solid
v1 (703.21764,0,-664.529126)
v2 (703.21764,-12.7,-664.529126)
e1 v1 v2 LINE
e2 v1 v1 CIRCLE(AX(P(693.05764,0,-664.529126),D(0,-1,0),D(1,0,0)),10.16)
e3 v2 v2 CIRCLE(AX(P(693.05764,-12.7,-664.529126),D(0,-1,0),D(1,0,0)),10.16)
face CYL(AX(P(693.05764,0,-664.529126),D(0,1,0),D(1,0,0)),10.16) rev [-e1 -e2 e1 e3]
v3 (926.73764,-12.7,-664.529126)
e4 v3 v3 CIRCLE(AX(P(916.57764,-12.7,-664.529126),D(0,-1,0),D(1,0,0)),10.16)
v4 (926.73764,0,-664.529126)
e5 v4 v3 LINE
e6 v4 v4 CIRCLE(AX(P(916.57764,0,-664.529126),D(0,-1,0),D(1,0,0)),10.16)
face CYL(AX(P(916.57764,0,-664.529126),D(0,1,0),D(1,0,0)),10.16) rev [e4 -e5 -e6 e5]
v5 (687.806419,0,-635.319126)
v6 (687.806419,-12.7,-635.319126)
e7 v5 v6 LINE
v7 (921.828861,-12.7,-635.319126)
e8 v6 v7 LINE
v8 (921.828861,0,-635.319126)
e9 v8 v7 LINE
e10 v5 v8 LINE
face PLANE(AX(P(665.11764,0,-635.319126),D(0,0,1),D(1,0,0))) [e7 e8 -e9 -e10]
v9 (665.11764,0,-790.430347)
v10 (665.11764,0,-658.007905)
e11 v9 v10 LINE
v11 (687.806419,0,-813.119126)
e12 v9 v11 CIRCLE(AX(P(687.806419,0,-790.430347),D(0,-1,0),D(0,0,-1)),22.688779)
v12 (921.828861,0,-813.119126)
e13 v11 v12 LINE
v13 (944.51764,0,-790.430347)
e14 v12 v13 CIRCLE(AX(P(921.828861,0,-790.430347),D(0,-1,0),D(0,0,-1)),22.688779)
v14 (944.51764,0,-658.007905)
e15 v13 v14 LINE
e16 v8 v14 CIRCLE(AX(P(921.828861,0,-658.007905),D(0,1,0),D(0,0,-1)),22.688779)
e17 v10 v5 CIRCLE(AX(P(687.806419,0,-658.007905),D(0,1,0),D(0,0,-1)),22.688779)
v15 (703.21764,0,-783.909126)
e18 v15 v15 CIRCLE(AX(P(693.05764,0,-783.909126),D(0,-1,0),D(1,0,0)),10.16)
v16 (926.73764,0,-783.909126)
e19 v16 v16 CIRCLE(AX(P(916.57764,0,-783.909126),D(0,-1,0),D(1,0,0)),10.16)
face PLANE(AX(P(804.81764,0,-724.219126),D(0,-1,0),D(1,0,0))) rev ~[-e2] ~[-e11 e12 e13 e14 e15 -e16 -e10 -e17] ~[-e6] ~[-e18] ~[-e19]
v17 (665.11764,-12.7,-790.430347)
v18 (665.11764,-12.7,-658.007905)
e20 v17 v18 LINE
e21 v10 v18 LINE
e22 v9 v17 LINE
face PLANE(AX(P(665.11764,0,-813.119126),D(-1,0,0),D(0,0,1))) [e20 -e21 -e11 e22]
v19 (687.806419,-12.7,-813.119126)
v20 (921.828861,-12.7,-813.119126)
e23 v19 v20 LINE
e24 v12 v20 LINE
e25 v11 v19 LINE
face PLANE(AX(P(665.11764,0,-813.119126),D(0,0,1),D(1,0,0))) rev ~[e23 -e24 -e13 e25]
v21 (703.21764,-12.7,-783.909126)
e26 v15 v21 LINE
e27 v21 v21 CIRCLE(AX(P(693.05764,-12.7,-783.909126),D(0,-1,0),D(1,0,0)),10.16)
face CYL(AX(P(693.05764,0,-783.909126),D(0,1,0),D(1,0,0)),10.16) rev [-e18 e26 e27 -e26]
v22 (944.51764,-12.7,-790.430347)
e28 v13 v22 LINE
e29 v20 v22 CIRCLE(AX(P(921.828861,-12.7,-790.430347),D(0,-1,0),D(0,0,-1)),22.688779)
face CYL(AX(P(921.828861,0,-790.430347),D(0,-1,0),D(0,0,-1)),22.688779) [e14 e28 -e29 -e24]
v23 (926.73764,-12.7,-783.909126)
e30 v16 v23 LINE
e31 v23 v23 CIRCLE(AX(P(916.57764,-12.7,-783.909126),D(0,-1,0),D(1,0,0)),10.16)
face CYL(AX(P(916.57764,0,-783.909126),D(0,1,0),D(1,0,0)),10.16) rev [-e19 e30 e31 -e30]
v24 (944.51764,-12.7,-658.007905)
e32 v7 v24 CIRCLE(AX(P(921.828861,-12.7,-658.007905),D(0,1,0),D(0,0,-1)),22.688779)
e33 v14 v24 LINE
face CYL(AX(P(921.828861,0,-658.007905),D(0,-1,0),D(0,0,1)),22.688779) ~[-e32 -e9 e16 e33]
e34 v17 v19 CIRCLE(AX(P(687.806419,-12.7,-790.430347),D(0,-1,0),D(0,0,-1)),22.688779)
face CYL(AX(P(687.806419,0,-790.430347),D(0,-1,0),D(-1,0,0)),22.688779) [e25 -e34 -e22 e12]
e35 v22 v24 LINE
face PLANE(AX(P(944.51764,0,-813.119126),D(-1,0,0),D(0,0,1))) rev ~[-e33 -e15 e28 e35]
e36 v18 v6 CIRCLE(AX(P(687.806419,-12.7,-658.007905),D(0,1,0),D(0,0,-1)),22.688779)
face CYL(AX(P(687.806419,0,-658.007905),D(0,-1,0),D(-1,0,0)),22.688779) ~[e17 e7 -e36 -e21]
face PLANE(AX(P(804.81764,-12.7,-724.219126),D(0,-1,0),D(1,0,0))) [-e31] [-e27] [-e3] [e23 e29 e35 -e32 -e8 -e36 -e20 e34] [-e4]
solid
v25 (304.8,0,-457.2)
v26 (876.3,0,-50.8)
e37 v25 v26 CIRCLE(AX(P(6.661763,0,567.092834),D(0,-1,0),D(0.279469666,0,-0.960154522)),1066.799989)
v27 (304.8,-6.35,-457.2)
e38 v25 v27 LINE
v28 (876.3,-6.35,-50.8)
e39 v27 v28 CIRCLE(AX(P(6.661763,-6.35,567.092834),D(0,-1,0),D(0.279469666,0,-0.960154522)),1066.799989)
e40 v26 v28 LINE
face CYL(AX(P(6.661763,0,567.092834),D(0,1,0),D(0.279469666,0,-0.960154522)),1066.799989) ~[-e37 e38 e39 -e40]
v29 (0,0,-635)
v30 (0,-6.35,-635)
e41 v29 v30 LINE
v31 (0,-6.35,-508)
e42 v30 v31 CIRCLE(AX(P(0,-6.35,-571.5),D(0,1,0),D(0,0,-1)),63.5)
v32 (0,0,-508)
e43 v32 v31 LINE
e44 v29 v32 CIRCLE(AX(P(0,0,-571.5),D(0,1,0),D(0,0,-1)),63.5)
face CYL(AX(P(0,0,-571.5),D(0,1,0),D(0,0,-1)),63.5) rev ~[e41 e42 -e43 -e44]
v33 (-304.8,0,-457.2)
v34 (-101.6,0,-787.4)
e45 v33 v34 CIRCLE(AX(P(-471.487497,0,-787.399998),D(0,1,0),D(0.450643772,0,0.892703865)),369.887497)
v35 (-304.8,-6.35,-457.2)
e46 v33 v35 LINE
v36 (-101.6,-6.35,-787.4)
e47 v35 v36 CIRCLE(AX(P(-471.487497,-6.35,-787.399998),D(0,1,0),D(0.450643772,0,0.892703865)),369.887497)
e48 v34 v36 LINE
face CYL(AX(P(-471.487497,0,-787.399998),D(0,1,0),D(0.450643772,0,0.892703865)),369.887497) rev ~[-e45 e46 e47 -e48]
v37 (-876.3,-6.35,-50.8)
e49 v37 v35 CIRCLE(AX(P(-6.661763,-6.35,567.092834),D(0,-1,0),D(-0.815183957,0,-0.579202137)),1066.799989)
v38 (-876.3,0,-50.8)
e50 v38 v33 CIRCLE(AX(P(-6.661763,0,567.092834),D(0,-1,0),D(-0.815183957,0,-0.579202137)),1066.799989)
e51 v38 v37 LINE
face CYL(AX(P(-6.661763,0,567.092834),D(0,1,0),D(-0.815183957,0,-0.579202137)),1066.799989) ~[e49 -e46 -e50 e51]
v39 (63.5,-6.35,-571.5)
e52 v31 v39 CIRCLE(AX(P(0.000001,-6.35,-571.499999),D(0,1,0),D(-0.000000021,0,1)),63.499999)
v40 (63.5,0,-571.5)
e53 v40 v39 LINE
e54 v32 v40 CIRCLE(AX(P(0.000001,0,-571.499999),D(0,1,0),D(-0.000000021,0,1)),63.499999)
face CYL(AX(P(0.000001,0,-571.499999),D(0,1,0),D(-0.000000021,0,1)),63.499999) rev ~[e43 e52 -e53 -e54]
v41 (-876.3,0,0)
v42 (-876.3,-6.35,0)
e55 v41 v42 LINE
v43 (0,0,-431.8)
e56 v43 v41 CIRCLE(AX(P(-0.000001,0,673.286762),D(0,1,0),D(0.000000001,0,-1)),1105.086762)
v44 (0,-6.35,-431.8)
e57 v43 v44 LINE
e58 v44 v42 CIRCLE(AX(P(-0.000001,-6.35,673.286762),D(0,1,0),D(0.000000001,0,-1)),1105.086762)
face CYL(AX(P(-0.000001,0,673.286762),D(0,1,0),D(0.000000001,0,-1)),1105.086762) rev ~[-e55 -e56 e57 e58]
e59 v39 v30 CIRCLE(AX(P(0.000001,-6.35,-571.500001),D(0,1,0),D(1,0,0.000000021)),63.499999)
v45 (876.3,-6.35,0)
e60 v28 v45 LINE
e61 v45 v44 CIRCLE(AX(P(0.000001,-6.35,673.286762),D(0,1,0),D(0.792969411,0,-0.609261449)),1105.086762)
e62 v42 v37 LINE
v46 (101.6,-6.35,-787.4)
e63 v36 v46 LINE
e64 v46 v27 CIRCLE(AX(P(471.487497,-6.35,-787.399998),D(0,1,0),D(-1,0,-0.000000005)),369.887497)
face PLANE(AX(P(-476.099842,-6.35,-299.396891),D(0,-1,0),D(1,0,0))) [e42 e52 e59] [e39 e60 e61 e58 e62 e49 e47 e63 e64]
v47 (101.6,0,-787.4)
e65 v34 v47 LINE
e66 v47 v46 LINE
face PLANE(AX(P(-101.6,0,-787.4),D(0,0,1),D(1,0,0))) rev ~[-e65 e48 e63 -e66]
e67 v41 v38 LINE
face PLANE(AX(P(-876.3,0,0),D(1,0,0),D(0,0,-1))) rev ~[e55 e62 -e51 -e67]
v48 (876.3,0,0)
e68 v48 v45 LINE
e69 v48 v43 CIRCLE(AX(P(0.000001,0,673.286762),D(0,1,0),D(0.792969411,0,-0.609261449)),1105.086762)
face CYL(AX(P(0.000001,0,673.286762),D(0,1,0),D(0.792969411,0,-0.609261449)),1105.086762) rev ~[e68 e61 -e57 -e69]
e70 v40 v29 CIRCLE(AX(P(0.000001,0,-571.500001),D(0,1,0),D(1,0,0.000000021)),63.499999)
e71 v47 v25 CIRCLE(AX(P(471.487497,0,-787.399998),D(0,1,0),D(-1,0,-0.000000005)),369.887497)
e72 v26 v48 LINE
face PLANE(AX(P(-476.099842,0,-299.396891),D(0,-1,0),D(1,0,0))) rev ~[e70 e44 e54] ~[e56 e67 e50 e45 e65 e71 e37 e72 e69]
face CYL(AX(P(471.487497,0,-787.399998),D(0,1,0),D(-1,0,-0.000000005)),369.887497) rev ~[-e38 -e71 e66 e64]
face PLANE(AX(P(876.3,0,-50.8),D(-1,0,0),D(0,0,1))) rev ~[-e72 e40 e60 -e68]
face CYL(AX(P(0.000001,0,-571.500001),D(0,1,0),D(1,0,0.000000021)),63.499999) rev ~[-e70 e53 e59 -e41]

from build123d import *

# Parameters (mm, degrees)
F0_W     = 101.6
F0_H     = 25.4
F1_DEPTH = 6.35
F2_W     = 279.4
F2_H     = 177.8
F2_R     = 10.16
F3_DEPTH = 12.7
F4_R     = 22.688779


with BuildPart() as f1:
    # F0 (on Front) → F1 (new body)
    with BuildSketch(Plane.XZ):
        with BuildLine():
            ThreePointArc((0, -431.8), (-488.454944, -317.989446), (-876.3, 0))
            Line((-876.3, 0), (-876.3, -50.8))
            ThreePointArc((-876.3, -50.8), (-624.897732, -302.301498), (-304.8, -457.2))
            Line((-304.8, -457.2), (-101.6, -457.2))
            Line((-101.6, -457.2), (-101.6, -431.8))
            Line((-101.6, -431.8), (0, -431.8))
        make_face()
        with BuildLine():
            Line((-101.6, -457.2), (-304.8, -457.2))
            ThreePointArc((-304.8, -457.2), (-156.469734, -593.542913), (-101.6, -787.4))
            Line((-101.6, -787.4), (-101.6, -457.2))
        make_face()
        with BuildLine():
            Line((0, -508), (0, -457.2))
            Line((0, -457.2), (-101.6, -457.2))
            Line((-101.6, -457.2), (-101.6, -787.4))
            Line((-101.6, -787.4), (0, -787.4))
            Line((0, -787.4), (0, -635))
            ThreePointArc((0, -635), (-63.5, -571.5), (0, -508))
        make_face()
        with BuildLine():
            Line((101.6, -457.2), (0, -457.2))
            Line((0, -457.2), (0, -508))
            ThreePointArc((0, -508), (44.901281, -526.598719), (63.5, -571.5))
            ThreePointArc((63.5, -571.5), (44.901281, -616.401281), (0, -635))
            Line((0, -635), (0, -787.4))
            Line((0, -787.4), (101.6, -787.4))
            Line((101.6, -787.4), (101.6, -457.2))
        make_face()
        with Locations((-50.8, -444.5)):
            Rectangle(F0_W, F0_H)
        with Locations((50.8, -444.5)):
            Rectangle(F0_W, F0_H)
        with BuildLine():
            Line((876.3, -50.8), (876.3, 0))
            ThreePointArc((876.3, 0), (488.454944, -317.989446), (0, -431.8))
            Line((0, -431.8), (101.6, -431.8))
            Line((101.6, -431.8), (101.6, -457.2))
            Line((101.6, -457.2), (304.8, -457.2))
            ThreePointArc((304.8, -457.2), (624.897732, -302.301498), (876.3, -50.8))
        make_face()
        with BuildLine():
            ThreePointArc((101.6, -787.4), (156.469734, -593.542913), (304.8, -457.2))
            Line((304.8, -457.2), (101.6, -457.2))
            Line((101.6, -457.2), (101.6, -787.4))
        make_face()
    extrude(amount=F1_DEPTH)


with BuildPart() as f3:
    # F2 (on Front) → F3 (new body)
    with BuildSketch(Plane.XZ):
        with Locations((804.81764, -724.219126)):
            Rectangle(F2_W, F2_H)
        with Locations((693.05764, -783.909126)):
            Circle(F2_R, mode=Mode.SUBTRACT)
        with Locations((916.57764, -783.909126)):
            Circle(F2_R, mode=Mode.SUBTRACT)
        with Locations((693.05764, -664.529126)):
            Circle(F2_R, mode=Mode.SUBTRACT)
        with Locations((916.57764, -664.529126)):
            Circle(F2_R, mode=Mode.SUBTRACT)
    extrude(amount=F3_DEPTH)

    # F4
    f4_edges = [f3.edges().sort_by_distance(p)[0] for p in [
        (665.11764, -6.35, -635.319126),
        (665.11764, -6.35, -813.119126),
        (944.51764, -6.35, -635.319126),
        (944.51764, -6.35, -813.119126),
    ]]
    fillet(f4_edges, radius=F4_R)


solid = Compound([f1.part, f3.part])
